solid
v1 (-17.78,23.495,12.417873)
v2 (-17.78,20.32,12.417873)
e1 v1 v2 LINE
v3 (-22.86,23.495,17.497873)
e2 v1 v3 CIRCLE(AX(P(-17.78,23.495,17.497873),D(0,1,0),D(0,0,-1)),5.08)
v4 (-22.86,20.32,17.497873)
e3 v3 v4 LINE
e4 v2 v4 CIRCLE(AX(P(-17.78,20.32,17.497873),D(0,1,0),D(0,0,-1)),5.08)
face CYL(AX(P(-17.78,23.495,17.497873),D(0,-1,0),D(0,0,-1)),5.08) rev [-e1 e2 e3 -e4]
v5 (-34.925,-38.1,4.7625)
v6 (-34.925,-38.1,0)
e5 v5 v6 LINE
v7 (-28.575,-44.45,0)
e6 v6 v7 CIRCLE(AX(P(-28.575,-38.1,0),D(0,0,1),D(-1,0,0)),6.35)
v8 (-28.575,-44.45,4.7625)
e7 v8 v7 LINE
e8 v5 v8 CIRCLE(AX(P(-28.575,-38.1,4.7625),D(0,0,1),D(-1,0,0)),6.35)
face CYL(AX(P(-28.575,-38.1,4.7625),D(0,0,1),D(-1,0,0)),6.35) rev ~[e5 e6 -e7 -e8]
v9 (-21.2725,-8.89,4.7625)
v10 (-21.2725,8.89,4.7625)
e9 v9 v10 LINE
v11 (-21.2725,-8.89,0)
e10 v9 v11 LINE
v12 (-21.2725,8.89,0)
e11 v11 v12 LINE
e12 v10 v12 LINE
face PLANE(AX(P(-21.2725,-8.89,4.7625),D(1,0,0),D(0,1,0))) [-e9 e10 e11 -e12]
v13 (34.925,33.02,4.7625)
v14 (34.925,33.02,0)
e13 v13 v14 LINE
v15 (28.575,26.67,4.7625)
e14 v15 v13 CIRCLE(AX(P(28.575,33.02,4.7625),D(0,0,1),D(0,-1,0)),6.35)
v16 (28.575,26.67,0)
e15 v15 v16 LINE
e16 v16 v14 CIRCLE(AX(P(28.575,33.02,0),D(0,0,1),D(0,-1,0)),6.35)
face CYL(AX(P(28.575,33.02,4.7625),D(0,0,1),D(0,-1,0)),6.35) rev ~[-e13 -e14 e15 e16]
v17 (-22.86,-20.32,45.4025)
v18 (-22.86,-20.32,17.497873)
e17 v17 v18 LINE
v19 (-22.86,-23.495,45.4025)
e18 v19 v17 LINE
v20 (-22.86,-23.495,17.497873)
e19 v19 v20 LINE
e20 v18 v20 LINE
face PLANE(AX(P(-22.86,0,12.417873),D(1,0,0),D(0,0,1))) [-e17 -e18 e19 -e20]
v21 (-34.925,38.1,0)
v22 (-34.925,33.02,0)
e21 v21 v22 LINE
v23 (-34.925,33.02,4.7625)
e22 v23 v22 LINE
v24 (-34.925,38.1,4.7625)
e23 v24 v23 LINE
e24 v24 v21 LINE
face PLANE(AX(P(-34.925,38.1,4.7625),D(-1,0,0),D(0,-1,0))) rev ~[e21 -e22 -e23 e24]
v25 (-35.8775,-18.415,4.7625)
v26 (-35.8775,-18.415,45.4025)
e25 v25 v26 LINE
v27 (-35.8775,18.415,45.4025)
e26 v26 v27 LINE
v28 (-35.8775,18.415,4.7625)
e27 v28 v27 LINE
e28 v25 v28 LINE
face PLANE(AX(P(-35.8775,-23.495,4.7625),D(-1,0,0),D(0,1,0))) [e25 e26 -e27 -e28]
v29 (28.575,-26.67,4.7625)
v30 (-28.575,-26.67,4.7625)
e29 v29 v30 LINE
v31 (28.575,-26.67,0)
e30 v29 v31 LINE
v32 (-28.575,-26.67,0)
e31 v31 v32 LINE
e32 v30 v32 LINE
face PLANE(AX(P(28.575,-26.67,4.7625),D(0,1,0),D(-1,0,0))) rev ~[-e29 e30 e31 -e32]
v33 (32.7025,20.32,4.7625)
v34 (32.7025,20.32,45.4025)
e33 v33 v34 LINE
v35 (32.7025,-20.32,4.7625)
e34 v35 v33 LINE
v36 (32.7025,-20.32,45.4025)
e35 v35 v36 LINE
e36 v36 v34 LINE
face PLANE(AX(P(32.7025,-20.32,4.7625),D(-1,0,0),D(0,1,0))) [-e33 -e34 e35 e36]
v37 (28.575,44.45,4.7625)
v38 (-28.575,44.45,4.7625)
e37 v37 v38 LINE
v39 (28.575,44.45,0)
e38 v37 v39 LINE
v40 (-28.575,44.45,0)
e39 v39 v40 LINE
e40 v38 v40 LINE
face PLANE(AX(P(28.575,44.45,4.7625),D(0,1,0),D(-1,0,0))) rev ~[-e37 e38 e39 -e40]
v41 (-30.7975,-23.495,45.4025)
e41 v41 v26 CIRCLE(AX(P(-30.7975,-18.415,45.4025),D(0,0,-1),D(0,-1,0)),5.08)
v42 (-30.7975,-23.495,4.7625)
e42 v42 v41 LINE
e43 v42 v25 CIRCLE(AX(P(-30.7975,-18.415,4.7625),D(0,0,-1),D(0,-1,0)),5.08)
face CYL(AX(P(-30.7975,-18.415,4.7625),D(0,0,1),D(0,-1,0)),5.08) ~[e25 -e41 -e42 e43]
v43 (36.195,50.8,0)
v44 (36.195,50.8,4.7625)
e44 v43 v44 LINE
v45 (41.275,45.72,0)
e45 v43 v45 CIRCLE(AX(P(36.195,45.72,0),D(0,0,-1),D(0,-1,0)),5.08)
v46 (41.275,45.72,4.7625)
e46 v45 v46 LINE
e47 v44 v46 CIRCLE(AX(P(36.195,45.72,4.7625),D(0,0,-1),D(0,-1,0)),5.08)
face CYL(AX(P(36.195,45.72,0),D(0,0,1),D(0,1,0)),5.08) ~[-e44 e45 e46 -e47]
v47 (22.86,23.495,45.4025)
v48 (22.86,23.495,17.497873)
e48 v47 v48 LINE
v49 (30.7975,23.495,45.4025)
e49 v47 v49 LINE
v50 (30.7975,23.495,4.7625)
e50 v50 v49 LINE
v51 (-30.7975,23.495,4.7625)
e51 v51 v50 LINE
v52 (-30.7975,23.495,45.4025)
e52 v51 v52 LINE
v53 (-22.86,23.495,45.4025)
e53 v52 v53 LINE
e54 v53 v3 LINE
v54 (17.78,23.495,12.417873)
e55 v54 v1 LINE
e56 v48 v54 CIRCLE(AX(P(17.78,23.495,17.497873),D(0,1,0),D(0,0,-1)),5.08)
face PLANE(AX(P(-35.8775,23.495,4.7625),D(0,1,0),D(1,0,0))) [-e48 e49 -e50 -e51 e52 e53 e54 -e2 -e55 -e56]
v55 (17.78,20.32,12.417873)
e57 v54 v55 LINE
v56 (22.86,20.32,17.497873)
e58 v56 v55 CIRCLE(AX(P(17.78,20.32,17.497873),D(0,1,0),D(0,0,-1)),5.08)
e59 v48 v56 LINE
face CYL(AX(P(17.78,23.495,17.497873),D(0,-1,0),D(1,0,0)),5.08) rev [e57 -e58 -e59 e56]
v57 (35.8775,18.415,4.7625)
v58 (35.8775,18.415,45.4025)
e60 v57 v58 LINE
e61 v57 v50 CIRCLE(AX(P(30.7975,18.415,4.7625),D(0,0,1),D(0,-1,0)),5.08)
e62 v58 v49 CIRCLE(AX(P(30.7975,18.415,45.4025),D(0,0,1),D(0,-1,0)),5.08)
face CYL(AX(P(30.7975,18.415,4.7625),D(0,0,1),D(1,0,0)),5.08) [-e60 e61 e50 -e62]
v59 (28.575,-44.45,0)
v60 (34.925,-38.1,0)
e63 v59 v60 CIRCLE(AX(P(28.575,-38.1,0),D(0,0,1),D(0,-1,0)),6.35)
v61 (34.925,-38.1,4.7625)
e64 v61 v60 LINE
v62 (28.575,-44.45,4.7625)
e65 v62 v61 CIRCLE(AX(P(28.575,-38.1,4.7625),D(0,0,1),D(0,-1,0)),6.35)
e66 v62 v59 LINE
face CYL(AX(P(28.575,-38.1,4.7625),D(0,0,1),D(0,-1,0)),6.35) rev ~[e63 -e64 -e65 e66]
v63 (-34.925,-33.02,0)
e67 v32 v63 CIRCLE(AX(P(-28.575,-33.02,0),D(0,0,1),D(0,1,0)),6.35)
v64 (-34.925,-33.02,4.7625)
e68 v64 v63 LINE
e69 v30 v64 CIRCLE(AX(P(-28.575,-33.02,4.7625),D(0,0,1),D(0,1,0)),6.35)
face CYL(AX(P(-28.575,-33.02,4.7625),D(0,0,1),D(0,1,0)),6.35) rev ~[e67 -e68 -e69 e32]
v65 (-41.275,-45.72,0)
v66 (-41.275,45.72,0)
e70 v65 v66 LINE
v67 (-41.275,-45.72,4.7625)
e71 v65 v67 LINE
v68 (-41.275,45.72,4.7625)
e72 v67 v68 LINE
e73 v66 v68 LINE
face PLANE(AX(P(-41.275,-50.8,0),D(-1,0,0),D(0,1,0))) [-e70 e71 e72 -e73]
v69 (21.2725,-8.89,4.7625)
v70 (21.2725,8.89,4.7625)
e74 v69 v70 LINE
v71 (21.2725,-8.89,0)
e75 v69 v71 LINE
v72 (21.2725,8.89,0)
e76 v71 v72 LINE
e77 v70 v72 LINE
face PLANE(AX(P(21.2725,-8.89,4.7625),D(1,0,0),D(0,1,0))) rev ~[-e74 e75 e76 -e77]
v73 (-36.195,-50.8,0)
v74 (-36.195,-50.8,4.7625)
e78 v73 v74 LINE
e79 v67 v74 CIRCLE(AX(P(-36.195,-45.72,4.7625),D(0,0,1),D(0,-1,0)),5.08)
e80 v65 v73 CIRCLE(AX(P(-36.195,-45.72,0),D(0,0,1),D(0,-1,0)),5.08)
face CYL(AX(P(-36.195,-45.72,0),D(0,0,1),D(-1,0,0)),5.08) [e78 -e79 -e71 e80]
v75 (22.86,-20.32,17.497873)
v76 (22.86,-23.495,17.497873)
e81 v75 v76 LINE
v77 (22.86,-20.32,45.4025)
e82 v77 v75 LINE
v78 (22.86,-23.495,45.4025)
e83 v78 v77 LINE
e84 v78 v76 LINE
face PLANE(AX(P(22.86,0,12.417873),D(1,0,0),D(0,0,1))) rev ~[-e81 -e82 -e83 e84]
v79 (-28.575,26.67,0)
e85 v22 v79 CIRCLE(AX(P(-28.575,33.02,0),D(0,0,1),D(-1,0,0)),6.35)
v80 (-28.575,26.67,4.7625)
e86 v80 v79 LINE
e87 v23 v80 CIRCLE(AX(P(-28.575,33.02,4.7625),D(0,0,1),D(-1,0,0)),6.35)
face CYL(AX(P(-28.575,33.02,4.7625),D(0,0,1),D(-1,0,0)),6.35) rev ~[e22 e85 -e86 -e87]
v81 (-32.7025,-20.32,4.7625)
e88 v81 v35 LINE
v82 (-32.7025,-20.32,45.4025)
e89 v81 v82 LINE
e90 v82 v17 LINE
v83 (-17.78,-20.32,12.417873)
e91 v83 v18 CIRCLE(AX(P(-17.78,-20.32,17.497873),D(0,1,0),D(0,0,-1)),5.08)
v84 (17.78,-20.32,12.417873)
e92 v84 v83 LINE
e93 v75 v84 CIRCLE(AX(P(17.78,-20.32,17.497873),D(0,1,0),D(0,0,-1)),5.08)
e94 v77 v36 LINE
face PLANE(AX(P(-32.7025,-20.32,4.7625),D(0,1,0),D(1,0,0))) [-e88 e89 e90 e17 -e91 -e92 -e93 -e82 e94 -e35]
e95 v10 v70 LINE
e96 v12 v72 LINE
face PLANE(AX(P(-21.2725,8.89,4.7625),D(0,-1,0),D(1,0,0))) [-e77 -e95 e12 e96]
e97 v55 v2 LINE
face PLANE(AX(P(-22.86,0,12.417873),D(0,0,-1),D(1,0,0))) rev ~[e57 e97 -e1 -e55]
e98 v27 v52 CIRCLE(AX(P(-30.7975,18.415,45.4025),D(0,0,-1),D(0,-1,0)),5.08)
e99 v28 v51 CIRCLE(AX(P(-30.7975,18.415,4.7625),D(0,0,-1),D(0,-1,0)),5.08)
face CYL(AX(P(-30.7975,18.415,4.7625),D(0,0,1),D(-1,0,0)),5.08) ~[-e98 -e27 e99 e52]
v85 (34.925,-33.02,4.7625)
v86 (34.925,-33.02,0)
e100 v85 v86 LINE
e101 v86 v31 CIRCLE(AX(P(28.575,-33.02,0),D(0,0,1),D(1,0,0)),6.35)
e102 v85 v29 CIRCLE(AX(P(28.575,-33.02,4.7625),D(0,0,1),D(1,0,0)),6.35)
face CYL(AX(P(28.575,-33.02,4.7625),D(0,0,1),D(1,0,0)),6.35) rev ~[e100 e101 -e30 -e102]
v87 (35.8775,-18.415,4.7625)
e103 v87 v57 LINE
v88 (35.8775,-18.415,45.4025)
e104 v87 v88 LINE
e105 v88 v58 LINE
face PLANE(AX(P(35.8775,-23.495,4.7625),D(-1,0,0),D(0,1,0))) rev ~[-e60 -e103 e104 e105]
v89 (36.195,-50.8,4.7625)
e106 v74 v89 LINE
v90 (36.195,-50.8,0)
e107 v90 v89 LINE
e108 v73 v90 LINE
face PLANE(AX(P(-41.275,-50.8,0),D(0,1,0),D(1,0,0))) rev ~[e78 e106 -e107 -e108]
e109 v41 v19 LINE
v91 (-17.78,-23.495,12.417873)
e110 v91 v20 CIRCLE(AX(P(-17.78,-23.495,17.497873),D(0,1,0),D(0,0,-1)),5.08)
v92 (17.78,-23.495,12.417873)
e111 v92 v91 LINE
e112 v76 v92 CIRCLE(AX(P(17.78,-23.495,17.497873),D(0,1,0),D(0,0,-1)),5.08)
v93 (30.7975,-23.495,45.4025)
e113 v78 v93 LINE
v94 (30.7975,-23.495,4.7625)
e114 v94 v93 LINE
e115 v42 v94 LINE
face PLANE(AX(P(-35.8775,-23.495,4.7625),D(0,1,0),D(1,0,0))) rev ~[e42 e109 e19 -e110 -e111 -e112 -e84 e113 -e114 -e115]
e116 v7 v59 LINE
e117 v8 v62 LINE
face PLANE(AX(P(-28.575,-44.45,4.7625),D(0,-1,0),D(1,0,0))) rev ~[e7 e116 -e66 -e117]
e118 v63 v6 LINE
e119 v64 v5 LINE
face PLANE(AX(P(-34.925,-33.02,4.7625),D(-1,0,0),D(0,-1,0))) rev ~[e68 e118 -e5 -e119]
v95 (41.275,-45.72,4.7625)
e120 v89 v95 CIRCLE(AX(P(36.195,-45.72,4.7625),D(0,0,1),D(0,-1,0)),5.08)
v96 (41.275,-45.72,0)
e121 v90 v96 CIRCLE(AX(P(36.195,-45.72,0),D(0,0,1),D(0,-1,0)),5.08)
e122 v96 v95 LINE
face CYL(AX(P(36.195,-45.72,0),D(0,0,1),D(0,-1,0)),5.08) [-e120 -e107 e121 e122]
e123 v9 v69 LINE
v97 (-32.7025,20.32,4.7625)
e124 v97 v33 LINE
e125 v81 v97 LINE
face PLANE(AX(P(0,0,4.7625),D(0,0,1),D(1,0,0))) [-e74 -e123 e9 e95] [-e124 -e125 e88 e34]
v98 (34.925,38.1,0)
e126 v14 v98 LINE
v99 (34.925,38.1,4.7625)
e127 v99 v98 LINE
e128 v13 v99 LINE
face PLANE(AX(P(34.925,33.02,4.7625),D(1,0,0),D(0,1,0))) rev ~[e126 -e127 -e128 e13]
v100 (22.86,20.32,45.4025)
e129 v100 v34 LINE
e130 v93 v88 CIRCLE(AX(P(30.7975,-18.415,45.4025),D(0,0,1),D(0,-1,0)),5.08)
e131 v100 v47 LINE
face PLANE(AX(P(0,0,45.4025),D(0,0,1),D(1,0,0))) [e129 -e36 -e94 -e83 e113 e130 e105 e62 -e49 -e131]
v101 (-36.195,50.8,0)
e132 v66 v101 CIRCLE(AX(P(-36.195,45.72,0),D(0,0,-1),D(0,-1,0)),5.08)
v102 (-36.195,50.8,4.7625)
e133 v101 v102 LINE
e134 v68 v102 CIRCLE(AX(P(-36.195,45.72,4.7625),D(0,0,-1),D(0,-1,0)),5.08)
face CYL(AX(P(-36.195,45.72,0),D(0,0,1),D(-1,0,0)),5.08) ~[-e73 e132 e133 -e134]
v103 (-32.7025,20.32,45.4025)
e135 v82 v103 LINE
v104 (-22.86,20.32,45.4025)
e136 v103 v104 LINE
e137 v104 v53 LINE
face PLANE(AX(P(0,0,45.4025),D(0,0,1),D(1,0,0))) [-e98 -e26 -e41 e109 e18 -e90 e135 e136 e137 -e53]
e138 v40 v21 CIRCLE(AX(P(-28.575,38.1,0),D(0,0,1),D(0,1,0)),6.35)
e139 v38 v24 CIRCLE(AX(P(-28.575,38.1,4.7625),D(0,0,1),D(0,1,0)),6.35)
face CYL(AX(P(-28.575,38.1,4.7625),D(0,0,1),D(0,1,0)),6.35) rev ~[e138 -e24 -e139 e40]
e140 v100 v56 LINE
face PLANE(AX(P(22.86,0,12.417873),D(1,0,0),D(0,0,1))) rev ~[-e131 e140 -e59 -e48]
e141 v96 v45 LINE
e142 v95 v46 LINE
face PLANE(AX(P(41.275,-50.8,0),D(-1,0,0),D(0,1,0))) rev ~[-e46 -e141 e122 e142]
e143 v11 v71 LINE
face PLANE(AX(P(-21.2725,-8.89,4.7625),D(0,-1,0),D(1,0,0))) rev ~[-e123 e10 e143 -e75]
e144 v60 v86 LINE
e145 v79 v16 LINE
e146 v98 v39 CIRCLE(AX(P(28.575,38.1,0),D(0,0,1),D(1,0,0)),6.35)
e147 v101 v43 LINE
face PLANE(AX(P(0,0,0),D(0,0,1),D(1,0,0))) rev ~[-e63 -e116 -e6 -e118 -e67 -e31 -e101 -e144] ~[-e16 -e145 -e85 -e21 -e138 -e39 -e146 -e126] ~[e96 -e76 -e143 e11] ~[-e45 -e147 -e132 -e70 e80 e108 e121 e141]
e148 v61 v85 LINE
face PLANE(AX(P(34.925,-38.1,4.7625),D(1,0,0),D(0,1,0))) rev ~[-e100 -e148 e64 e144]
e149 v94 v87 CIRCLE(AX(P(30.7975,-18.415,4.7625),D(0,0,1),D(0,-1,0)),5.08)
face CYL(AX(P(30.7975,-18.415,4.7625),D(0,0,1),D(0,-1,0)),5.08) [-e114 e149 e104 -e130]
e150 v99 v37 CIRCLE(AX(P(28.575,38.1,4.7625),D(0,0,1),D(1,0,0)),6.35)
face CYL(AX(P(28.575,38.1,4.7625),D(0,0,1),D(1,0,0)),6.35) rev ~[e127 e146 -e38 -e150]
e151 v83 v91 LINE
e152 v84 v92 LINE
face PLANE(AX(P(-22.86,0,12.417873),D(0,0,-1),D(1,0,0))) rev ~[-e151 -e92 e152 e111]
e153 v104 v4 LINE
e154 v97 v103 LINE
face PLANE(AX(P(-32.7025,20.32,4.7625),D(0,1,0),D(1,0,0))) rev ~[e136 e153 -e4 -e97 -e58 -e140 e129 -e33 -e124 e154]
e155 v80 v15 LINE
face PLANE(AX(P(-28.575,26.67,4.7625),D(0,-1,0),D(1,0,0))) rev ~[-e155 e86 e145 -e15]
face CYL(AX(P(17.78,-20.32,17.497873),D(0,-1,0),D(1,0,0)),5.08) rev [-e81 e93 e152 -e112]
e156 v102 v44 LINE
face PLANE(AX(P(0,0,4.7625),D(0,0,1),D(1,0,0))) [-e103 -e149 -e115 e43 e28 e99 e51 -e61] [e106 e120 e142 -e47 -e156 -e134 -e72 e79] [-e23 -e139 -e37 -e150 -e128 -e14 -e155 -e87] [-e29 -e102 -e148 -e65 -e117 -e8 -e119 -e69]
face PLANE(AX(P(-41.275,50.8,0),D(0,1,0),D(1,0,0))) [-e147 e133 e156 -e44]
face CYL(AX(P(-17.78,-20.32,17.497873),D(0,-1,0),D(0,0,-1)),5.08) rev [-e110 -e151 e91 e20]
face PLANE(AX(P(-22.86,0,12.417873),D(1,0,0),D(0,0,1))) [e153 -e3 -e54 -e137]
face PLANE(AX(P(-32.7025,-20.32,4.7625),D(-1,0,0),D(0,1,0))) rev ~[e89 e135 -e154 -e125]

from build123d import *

# Parameters (mm, degrees)
F0_W      = 82.55
F0_H      = 101.6
F1_DEPTH  = 4.7625
F2_W      = 71.755
F2_H      = 46.99
F2_W_2    = 65.405
F2_H_2    = 40.64
F3_DEPTH  = 40.64
F4_W      = 45.72
F4_H      = 32.9846274108
F5_DEPTH  = 40.132
F6_R      = 5.08
F7_R      = 5.08
F9_DEPTH  = 25.4
F10_W     = 42.545
F10_H     = 17.78
F11_DEPTH = 25.4


with BuildPart() as f1:
    # F0 (on Top) → F1 (new body)
    with BuildSketch(Plane.XY):
        Rectangle(F0_W, F0_H)
    extrude(amount=F1_DEPTH)

    # F2 (on face) → F3 (join)
    with BuildSketch(Plane.XY.offset(4.7625)):
        Rectangle(F2_W, F2_H)
        Rectangle(F2_W_2, F2_H_2, mode=Mode.SUBTRACT)
    extrude(amount=F3_DEPTH)

    # F4 (on Front) → F5 (cut, symmetric)
    with BuildSketch(Plane.XZ):
        with Locations((0, 28.9101862946)):
            Rectangle(F4_W, F4_H)
    extrude(amount=F5_DEPTH, both=True, mode=Mode.SUBTRACT)

    # F6
    f6_edges = [f1.edges().sort_by_distance(p)[0] for p in [
        (-22.86, 21.9075, 12.417873),
        (-22.86, -21.9075, 12.417873),
        (22.86, 21.9075, 12.417873),
        (22.86, -21.9075, 12.417873),
    ]]
    fillet(f6_edges, radius=F6_R)

    # F7
    f7_edges = [f1.edges().sort_by_distance(p)[0] for p in [
        (-35.8775, -23.495, 25.0825),
        (-35.8775, 23.495, 25.0825),
        (35.8775, -23.495, 25.0825),
        (35.8775, 23.495, 25.0825),
        (-41.275, -50.8, 2.38125),
        (41.275, -50.8, 2.38125),
        (41.275, 50.8, 2.38125),
        (-41.275, 50.8, 2.38125),
    ]]
    fillet(f7_edges, radius=F7_R)

    # F8 (on face) → F9 (cut)
    with BuildSketch(Plane.XY.offset(4.7625)):
        with BuildLine():
            Line((28.575, 44.45), (-28.575, 44.45))
            ThreePointArc((-28.575, 44.45), (-33.0651280605, 42.5901280605), (-34.925, 38.1))
            Line((-34.925, 38.1), (-34.925, 33.02))
            ThreePointArc((-34.925, 33.02), (-33.0651280605, 28.5298719395), (-28.575, 26.67))
            Line((-28.575, 26.67), (28.575, 26.67))
            ThreePointArc((28.575, 26.67), (33.0651280605, 28.5298719395), (34.925, 33.02))
            Line((34.925, 33.02), (34.925, 38.1))
            ThreePointArc((34.925, 38.1), (33.0651280605, 42.5901280605), (28.575, 44.45))
        make_face()
        with BuildLine():
            Line((28.575, -26.67), (-28.575, -26.67))
            ThreePointArc((-28.575, -26.67), (-33.0651280605, -28.5298719395), (-34.925, -33.02))
            Line((-34.925, -33.02), (-34.925, -38.1))
            ThreePointArc((-34.925, -38.1), (-33.0651280605, -42.5901280605), (-28.575, -44.45))
            Line((-28.575, -44.45), (28.575, -44.45))
            ThreePointArc((28.575, -44.45), (33.0651280605, -42.5901280605), (34.925, -38.1))
            Line((34.925, -38.1), (34.925, -33.02))
            ThreePointArc((34.925, -33.02), (33.0651280605, -28.5298719395), (28.575, -26.67))
        make_face()
    extrude(amount=-F9_DEPTH, mode=Mode.SUBTRACT)

    # F10 (on face) → F11 (cut)
    with BuildSketch(Plane.XY.offset(4.7625)):
        Rectangle(F10_W, F10_H)
    extrude(amount=-F11_DEPTH, mode=Mode.SUBTRACT)


solid = f1.part
